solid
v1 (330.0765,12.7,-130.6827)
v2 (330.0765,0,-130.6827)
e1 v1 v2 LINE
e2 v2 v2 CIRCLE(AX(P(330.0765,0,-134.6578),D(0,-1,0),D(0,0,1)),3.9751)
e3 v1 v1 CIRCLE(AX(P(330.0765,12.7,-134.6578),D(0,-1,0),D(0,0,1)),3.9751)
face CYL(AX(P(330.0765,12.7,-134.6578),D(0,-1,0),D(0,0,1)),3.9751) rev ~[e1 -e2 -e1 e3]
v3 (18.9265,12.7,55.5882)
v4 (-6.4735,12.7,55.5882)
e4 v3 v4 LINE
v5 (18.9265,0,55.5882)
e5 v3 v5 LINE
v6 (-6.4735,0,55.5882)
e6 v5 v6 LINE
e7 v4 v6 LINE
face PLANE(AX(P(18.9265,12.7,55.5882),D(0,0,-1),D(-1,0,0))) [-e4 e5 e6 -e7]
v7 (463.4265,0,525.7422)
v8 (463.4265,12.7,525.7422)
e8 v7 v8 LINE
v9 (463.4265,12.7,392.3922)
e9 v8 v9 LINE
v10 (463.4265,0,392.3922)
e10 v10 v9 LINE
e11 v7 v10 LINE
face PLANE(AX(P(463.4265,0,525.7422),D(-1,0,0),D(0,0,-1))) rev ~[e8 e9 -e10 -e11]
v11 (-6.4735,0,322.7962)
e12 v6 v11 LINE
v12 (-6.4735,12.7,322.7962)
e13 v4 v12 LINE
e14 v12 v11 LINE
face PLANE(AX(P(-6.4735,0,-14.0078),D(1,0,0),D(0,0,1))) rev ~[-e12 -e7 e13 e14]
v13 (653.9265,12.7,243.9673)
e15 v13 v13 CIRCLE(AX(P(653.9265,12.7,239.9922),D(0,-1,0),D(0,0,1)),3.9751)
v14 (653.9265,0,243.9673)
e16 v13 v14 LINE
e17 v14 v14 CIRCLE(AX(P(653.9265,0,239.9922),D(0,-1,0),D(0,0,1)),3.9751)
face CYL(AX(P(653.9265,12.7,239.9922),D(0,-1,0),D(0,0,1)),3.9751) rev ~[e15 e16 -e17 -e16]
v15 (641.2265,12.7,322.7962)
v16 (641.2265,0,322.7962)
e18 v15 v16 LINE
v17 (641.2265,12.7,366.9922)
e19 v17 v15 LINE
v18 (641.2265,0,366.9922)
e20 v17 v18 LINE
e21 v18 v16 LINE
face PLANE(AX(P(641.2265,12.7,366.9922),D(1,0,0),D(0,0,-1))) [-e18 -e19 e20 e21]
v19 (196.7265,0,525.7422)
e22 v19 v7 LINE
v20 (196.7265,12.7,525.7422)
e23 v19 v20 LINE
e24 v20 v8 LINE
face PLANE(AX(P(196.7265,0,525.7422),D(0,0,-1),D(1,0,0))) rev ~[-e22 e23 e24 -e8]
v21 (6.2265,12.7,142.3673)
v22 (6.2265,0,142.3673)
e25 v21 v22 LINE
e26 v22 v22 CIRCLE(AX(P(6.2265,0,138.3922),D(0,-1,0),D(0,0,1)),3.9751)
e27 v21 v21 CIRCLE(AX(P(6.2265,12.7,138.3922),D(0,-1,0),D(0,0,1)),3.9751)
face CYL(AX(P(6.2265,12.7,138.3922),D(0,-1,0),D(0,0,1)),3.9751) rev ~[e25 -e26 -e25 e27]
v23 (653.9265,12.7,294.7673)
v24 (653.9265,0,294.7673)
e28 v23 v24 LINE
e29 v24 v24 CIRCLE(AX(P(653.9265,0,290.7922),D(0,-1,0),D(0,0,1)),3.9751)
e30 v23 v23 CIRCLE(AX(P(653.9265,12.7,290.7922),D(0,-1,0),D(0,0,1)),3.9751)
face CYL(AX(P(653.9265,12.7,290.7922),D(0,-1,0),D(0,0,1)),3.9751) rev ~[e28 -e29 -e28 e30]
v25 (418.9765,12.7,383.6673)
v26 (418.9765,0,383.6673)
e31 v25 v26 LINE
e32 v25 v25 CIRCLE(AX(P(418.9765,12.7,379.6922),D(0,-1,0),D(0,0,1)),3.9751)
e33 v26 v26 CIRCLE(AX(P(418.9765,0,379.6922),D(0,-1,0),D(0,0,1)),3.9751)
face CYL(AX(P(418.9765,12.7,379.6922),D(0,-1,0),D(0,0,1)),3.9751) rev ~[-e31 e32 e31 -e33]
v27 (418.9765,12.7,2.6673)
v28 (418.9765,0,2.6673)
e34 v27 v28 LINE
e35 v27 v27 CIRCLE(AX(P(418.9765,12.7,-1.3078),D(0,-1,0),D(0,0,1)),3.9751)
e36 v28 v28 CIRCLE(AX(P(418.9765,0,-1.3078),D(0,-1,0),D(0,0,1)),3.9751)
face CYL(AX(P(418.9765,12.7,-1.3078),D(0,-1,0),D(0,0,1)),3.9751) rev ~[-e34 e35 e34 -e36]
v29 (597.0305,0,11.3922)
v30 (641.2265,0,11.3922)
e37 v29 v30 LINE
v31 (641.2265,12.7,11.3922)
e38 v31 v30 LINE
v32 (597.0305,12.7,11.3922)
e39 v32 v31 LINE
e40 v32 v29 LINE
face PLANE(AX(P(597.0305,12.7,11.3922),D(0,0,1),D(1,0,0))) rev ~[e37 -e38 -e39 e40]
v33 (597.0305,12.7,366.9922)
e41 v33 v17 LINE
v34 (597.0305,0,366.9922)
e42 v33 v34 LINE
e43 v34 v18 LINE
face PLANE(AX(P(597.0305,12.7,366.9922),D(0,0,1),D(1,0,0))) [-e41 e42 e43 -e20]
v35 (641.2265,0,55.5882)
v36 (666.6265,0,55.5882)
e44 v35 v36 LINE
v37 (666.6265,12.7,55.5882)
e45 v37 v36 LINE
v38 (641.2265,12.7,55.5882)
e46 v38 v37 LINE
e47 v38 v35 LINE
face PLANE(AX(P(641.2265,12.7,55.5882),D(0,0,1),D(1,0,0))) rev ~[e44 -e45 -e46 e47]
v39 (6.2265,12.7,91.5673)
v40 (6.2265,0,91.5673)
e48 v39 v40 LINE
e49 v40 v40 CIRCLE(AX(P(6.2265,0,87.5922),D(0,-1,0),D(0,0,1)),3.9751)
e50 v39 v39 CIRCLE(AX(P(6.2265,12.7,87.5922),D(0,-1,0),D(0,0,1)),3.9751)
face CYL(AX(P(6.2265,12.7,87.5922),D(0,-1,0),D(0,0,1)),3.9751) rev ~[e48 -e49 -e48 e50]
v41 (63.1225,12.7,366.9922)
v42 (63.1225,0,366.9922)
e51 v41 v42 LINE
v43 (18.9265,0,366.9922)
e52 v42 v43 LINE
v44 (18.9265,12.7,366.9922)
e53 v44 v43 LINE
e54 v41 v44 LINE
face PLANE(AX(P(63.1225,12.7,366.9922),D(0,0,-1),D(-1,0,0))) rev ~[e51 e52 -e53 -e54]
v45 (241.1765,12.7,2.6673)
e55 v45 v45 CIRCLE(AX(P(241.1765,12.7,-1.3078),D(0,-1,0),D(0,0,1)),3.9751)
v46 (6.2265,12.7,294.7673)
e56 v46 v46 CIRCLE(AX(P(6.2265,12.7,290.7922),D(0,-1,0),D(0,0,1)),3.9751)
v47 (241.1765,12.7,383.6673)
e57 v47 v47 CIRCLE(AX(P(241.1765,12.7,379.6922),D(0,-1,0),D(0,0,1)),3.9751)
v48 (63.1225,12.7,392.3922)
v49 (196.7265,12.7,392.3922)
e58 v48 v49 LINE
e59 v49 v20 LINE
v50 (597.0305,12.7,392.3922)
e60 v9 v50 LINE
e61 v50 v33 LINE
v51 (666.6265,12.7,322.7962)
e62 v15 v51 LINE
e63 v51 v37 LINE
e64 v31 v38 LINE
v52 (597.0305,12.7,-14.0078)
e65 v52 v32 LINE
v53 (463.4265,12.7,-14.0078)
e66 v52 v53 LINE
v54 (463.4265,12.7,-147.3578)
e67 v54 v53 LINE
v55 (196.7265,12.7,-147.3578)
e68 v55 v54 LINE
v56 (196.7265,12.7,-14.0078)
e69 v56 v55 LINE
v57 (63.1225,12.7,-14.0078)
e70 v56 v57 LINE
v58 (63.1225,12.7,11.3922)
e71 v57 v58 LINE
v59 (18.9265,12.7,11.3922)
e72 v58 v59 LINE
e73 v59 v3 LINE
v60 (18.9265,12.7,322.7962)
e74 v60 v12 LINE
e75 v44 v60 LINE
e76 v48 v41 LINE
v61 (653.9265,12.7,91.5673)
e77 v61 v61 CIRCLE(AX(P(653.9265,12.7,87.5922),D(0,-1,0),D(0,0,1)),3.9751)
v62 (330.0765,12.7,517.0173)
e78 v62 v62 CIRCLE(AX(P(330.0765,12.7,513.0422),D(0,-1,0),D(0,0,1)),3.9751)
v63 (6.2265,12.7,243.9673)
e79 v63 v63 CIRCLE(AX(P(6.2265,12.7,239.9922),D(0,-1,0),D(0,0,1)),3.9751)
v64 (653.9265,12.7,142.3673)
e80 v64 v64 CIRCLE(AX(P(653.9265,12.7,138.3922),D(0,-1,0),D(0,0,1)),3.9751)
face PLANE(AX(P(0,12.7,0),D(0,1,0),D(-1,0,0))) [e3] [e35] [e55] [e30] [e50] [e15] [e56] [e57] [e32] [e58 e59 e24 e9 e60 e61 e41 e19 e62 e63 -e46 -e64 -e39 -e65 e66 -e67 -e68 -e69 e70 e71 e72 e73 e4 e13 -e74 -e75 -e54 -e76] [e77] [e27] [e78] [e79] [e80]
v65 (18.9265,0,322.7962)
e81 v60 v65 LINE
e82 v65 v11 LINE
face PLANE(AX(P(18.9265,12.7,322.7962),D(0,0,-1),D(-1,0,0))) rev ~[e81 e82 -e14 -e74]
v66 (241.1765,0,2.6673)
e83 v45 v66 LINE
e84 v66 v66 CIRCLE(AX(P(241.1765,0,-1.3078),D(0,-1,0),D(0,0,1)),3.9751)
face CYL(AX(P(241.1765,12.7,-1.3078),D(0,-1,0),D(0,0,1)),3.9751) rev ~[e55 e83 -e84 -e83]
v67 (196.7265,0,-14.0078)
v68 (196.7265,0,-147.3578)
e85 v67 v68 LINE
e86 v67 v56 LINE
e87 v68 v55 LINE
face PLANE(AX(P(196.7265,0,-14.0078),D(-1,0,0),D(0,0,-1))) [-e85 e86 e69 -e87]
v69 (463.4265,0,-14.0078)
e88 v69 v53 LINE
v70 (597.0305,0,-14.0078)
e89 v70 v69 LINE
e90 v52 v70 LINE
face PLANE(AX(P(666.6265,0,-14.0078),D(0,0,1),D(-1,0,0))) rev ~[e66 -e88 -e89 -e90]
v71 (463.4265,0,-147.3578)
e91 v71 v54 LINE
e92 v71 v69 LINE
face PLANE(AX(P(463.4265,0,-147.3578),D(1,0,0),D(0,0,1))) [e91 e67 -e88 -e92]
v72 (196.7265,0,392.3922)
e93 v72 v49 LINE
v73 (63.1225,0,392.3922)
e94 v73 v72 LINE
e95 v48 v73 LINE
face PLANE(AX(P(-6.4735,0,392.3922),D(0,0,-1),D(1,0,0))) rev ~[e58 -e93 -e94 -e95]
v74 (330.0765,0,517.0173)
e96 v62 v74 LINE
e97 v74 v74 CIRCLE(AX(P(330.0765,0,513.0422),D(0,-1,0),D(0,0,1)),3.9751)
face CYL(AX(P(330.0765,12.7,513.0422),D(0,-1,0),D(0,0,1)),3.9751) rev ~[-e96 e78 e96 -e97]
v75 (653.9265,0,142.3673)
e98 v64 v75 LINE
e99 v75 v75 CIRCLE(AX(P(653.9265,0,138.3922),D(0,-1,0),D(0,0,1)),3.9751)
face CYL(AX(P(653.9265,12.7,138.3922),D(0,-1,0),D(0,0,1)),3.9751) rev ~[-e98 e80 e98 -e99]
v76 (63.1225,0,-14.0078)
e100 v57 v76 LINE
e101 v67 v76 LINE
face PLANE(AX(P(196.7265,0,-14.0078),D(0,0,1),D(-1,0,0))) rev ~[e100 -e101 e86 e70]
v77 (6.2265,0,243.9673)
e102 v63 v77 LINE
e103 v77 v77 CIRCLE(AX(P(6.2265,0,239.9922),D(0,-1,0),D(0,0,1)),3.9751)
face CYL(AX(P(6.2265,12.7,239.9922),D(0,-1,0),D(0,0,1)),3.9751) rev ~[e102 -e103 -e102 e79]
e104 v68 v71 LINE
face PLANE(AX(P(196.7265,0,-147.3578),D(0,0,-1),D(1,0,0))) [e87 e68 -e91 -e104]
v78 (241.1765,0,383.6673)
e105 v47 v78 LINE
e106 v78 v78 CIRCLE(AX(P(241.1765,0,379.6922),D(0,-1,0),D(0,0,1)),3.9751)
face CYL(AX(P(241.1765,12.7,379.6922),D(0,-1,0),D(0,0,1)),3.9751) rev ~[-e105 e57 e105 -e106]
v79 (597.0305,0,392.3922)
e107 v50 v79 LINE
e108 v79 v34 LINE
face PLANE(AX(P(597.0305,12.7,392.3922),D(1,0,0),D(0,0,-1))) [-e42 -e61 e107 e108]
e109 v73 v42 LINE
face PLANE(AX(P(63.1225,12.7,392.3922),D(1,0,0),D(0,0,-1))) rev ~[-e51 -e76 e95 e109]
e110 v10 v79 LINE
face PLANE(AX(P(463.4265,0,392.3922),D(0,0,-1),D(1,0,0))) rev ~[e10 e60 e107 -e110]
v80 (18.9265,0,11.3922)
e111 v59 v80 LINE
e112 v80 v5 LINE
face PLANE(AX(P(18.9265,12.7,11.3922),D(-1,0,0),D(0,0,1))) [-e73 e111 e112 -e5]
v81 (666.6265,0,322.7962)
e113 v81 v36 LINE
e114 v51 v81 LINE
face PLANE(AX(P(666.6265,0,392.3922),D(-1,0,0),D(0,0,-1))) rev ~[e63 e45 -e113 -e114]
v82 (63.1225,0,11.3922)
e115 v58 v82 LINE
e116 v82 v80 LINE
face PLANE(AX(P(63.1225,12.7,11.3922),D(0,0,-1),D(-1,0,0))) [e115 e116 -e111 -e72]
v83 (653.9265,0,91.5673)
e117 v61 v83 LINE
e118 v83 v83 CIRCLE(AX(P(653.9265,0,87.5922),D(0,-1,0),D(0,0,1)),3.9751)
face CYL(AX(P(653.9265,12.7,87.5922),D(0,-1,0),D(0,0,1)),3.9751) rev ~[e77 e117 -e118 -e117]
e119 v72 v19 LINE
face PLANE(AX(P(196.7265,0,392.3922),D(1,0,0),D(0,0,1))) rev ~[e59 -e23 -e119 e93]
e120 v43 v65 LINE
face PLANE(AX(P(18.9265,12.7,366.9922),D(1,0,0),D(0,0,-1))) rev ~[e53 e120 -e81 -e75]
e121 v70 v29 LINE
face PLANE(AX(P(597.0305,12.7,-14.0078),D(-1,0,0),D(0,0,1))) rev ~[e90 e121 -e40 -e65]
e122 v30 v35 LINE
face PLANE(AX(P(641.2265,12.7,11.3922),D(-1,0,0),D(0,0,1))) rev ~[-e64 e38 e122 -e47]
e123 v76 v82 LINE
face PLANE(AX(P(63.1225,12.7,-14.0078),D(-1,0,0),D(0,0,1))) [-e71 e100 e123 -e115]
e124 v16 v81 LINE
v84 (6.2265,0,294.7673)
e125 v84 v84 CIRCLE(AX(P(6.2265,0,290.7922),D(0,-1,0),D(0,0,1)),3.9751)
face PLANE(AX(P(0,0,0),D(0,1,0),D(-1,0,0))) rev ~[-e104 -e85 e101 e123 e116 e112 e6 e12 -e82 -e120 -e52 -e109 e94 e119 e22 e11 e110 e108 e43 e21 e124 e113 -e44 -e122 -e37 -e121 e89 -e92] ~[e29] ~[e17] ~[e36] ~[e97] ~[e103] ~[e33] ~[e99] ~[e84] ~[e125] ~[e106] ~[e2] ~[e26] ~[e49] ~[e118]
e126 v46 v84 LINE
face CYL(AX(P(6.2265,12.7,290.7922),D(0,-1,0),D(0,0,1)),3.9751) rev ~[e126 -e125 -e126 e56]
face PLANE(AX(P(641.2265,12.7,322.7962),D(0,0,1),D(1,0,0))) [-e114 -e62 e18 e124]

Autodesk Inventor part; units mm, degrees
ref_plane "YZ Plane" through (0, 0, 0) normal (1, 0, 0) x (0, 1, 0)
ref_plane "XZ Plane" through (0, 0, 0) normal (0, 1, 0) x (-1, 0, 0)
ref_plane "XY Plane" through (0, 0, 0) normal (0, 0, 1) x (1, 0, 0)
sketch "Sketch1" plane through (0, 0, 0) normal (0, 1, 0) x (-1, 0, 0)
  line L0 (-666.6265, 392.3922) -> (-666.6265, -14.0078)
  line L1 (6.4735, -14.0078) -> (6.4735, 392.3922)
  line L2 (-196.7265, 392.3922) -> (-196.7265, 525.7422)
  line L3 (-196.7265, 525.7422) -> (-463.4265, 525.7422)
  line L4 (-463.4265, 525.7422) -> (-463.4265, 392.3922)
  line L5 (6.4735, 392.3922) -> (-196.7265, 392.3922)
  line L6 (-463.4265, 392.3922) -> (-666.6265, 392.3922)
  line L7 (-196.7265, -14.0078) -> (-196.7265, -147.3578)
  line L8 (-196.7265, -147.3578) -> (-463.4265, -147.3578)
  line L9 (-463.4265, -147.3578) -> (-463.4265, -14.0078)
  line L10 (-666.6265, -14.0078) -> (-463.4265, -14.0078)
  line L11 (-196.7265, -14.0078) -> (6.4735, -14.0078)
  point P0 (0, 0)
  dimension "d0" = 673.1
  dimension "d1" = 406.4
  dimension "d73" = 266.7
  dimension "d75" = 203.2
  dimension "d76" = 266.7
extrude "Extrusion1" add sketch "Sketch1" along normal blind 12.7
sketch "Sketch2" plane through (0, 12.7, 0) normal (0, 1, 0) x (1, 0, 0)
  line L0 (666.6265, -392.3922) -> (666.6265, 14.0078) projected
  line L1 (666.6265, -392.3922) -> (666.6265, -290.7922)
  line L2 (666.6265, -290.7922) -> (666.6265, -189.1922) construction
  line L3 (666.6265, 14.0078) -> (666.6265, -58.7236) construction
  line L4 (666.6265, 14.0078) -> (666.6265, -87.5922) construction
  line L5 (-6.4735, 14.0078) -> (-6.4735, -392.3922) construction
  line L6 (-6.4735, -392.3922) -> (241.1765, -392.3922) construction
  line L7 (-6.4735, -392.3922) -> (666.6265, -392.3922) construction
  line L8 (666.6265, -392.3922) -> (418.9765, -392.3922) construction
  circle A0 centre (653.9265, -290.7922) radius 3.175
  circle A1 centre (653.9265, -87.5922) radius 3.175
  circle A2 centre (241.1765, -379.6922) radius 3.175
  circle A3 centre (418.9765, -379.6922) radius 3.175
  circle A4 centre (418.9765, 1.3078) radius 3.175
  circle A5 centre (241.1765, 1.3078) radius 3.175
  circle A6 centre (6.2265, -87.5922) radius 3.175
  circle A7 centre (6.2265, -290.7922) radius 3.175
  circle A8 centre (6.2265, -239.9922) radius 3.9751
  circle A9 centre (6.2265, -138.3922) radius 3.9751
  circle A10 centre (653.9265, -239.9922) radius 3.9751
  circle A11 centre (653.9265, -138.3922) radius 3.9751
  line L9 (458.3979, 14.0078) -> (460.8865, 14.0078)
  line L10 (460.8865, 14.0078) -> (460.8865, -3.7722)
  line L11 (460.8865, -3.7722) -> (448.1865, -3.7722)
  line L12 (448.1865, -3.7722) -> (448.1865, 7.197)
  line L13 (448.1865, 7.197) -> (460.8865, 7.197)
  line L14 (460.8865, 7.197) -> (460.8865, -3.7722)
  line L15 (666.6265, 14.0078) -> (-6.4735, 14.0078) projected
  circle A12 centre (330.0765, -513.0422) radius 3.9751
  line L16 (196.7265, -392.3922) -> (196.7265, -525.7422) projected
  circle A13 centre (330.0765, 134.6578) radius 3.9751
  line L17 (196.7265, 147.3578) -> (196.7265, 14.0078) projected
  line L18 (196.7265, -525.7422) -> (463.4265, -525.7422) projected
  line L19 (463.4265, 147.3578) -> (196.7265, 147.3578) projected
  point P0 (0, 0)
  dimension "d11" = 6.35
  dimension "d12" = 6.35
  dimension "d13" = 12.7
  dimension "d14" = 12.7
  dimension "d15" = 6.35
  dimension "d16" = 12.7
  dimension "d17" = 6.35
  dimension "d18" = 12.7
  dimension "d19" = 6.35
  dimension "d20" = 6.35
  dimension "d23" = 6.35
  dimension "d24" = 6.35
  dimension "d25" = 12.7
  dimension "d26" = 12.7
  dimension "d34" = 7.9502
  dimension "d35" = 7.9502
  dimension "d40" = 50.8
  dimension "d43" = 50.8
  dimension "d44" = 7.9502
  dimension "d45" = 7.9502
  dimension "d46" = 50.8
  dimension "d66" = 205.74
  dimension "d68" = 12.7
  dimension "d70" = 17.78
  dimension "d78" = 7.9502
  dimension "d79" = 133.35
  dimension "d80" = 7.9502
  dimension "d81" = 133.35
  dimension "d82" = 12.7
  dimension "d83" = 12.7
hole "Hole1" at (653.9265, 12.7, 290.7922) at (653.9265, 12.7, 87.5922) at (418.9765, 12.7, -1.3078) at (241.1765, 12.7, -1.3078) at (418.9765, 12.7, 379.6922) at (241.1765, 12.7, 379.6922) at (6.2265, 12.7, 290.7922) at (6.2265, 12.7, 87.5922) at (6.2265, 12.7, 239.9922) at (6.2265, 12.7, 138.3922) at (653.9265, 12.7, 239.9922) at (653.9265, 12.7, 138.3922) at (330.0765, 12.7, 513.0422) at (330.0765, 12.7, -134.6578) direction (0, -1, 0) diameter 7.9502 end through all
sketch "Sketch3" plane through (0, 12.7, 0) normal (0, 1, 0) x (1, 0, 0)
  line L0 (-6.4735, -392.3922) -> (666.6265, -392.3922) projected
  line L1 (-6.4735, -392.3922) -> (63.1225, -392.3922)
  line L2 (63.1225, -392.3922) -> (63.1225, -366.9922)
  line L3 (63.1225, -366.9922) -> (18.9265, -366.9922)
  line L4 (-6.4735, -366.9922) -> (-6.4735, -392.3922)
  line L5 (-6.4735, -392.3922) -> (18.9265, -392.3922)
  line L6 (18.9265, -366.9922) -> (18.9265, -322.7962)
  line L7 (18.9265, -322.7962) -> (-6.4735, -322.7962)
  line L8 (-6.4735, -322.7962) -> (-6.4735, -392.3922)
  line L9 (666.6265, 14.0078) -> (-6.4735, 14.0078) projected
  line L10 (-6.4735, 14.0078) -> (63.1225, 14.0078)
  line L11 (63.1225, 14.0078) -> (63.1225, -11.3922)
  line L12 (63.1225, -11.3922) -> (18.9265, -11.3922)
  line L13 (-6.4735, -11.3922) -> (-6.4735, 14.0078)
  line L14 (-6.4735, 14.0078) -> (18.9265, 14.0078)
  line L15 (18.9265, -11.3922) -> (18.9265, -55.5882)
  line L16 (18.9265, -55.5882) -> (-6.4735, -55.5882)
  line L17 (-6.4735, -55.5882) -> (-6.4735, 14.0078)
  line L18 (666.6265, -392.3922) -> (641.2265, -392.3922)
  line L19 (641.2265, -366.9922) -> (641.2265, -322.7962)
  line L20 (641.2265, -322.7962) -> (666.6265, -322.7962)
  line L21 (666.6265, -322.7962) -> (666.6265, -392.3922)
  line L22 (666.6265, -392.3922) -> (597.0305, -392.3922)
  line L23 (597.0305, -392.3922) -> (597.0305, -366.9922)
  line L24 (597.0305, -366.9922) -> (641.2265, -366.9922)
  line L25 (666.6265, -366.9922) -> (666.6265, -392.3922)
  line L26 (666.6265, 14.0078) -> (597.0305, 14.0078)
  line L27 (597.0305, 14.0078) -> (597.0305, -11.3922)
  line L28 (597.0305, -11.3922) -> (641.2265, -11.3922)
  line L29 (666.6265, -11.3922) -> (666.6265, 14.0078)
  line L30 (666.6265, 14.0078) -> (641.2265, 14.0078)
  line L31 (641.2265, -11.3922) -> (641.2265, -55.5882)
  line L32 (641.2265, -55.5882) -> (666.6265, -55.5882)
  line L33 (666.6265, -55.5882) -> (666.6265, 14.0078)
  point P0 (0, 0)
  dimension "d47" = 69.596
  dimension "d48" = 25.4
  dimension "d49" = 25.4
  dimension "d50" = 69.596
  dimension "d51" = 69.596
  dimension "d52" = 25.4
  dimension "d53" = 25.4
  dimension "d54" = 69.596
  dimension "d55" = 25.4
  dimension "d56" = 69.596
  dimension "d57" = 69.596
  dimension "d58" = 25.4
  dimension "d59" = 69.596
  dimension "d60" = 25.4
  dimension "d61" = 25.4
  dimension "d62" = 69.596
extrude "Extrusion2" cut sketch "Sketch3" against normal blind 25.4
sketch "Sketch4" plane through (0, 12.7, 0) normal (0, 1, 0) x (1, 0, 0)
  line L0 (-6.4735, -55.5882) -> (-6.4735, -322.7962) construction
  line L1 (666.6265, -322.7962) -> (666.6265, -55.5882) construction
  point P0 (0, 0)
properties part number "Polyc_for_swerve" material "Polycarbonate, Clear"
